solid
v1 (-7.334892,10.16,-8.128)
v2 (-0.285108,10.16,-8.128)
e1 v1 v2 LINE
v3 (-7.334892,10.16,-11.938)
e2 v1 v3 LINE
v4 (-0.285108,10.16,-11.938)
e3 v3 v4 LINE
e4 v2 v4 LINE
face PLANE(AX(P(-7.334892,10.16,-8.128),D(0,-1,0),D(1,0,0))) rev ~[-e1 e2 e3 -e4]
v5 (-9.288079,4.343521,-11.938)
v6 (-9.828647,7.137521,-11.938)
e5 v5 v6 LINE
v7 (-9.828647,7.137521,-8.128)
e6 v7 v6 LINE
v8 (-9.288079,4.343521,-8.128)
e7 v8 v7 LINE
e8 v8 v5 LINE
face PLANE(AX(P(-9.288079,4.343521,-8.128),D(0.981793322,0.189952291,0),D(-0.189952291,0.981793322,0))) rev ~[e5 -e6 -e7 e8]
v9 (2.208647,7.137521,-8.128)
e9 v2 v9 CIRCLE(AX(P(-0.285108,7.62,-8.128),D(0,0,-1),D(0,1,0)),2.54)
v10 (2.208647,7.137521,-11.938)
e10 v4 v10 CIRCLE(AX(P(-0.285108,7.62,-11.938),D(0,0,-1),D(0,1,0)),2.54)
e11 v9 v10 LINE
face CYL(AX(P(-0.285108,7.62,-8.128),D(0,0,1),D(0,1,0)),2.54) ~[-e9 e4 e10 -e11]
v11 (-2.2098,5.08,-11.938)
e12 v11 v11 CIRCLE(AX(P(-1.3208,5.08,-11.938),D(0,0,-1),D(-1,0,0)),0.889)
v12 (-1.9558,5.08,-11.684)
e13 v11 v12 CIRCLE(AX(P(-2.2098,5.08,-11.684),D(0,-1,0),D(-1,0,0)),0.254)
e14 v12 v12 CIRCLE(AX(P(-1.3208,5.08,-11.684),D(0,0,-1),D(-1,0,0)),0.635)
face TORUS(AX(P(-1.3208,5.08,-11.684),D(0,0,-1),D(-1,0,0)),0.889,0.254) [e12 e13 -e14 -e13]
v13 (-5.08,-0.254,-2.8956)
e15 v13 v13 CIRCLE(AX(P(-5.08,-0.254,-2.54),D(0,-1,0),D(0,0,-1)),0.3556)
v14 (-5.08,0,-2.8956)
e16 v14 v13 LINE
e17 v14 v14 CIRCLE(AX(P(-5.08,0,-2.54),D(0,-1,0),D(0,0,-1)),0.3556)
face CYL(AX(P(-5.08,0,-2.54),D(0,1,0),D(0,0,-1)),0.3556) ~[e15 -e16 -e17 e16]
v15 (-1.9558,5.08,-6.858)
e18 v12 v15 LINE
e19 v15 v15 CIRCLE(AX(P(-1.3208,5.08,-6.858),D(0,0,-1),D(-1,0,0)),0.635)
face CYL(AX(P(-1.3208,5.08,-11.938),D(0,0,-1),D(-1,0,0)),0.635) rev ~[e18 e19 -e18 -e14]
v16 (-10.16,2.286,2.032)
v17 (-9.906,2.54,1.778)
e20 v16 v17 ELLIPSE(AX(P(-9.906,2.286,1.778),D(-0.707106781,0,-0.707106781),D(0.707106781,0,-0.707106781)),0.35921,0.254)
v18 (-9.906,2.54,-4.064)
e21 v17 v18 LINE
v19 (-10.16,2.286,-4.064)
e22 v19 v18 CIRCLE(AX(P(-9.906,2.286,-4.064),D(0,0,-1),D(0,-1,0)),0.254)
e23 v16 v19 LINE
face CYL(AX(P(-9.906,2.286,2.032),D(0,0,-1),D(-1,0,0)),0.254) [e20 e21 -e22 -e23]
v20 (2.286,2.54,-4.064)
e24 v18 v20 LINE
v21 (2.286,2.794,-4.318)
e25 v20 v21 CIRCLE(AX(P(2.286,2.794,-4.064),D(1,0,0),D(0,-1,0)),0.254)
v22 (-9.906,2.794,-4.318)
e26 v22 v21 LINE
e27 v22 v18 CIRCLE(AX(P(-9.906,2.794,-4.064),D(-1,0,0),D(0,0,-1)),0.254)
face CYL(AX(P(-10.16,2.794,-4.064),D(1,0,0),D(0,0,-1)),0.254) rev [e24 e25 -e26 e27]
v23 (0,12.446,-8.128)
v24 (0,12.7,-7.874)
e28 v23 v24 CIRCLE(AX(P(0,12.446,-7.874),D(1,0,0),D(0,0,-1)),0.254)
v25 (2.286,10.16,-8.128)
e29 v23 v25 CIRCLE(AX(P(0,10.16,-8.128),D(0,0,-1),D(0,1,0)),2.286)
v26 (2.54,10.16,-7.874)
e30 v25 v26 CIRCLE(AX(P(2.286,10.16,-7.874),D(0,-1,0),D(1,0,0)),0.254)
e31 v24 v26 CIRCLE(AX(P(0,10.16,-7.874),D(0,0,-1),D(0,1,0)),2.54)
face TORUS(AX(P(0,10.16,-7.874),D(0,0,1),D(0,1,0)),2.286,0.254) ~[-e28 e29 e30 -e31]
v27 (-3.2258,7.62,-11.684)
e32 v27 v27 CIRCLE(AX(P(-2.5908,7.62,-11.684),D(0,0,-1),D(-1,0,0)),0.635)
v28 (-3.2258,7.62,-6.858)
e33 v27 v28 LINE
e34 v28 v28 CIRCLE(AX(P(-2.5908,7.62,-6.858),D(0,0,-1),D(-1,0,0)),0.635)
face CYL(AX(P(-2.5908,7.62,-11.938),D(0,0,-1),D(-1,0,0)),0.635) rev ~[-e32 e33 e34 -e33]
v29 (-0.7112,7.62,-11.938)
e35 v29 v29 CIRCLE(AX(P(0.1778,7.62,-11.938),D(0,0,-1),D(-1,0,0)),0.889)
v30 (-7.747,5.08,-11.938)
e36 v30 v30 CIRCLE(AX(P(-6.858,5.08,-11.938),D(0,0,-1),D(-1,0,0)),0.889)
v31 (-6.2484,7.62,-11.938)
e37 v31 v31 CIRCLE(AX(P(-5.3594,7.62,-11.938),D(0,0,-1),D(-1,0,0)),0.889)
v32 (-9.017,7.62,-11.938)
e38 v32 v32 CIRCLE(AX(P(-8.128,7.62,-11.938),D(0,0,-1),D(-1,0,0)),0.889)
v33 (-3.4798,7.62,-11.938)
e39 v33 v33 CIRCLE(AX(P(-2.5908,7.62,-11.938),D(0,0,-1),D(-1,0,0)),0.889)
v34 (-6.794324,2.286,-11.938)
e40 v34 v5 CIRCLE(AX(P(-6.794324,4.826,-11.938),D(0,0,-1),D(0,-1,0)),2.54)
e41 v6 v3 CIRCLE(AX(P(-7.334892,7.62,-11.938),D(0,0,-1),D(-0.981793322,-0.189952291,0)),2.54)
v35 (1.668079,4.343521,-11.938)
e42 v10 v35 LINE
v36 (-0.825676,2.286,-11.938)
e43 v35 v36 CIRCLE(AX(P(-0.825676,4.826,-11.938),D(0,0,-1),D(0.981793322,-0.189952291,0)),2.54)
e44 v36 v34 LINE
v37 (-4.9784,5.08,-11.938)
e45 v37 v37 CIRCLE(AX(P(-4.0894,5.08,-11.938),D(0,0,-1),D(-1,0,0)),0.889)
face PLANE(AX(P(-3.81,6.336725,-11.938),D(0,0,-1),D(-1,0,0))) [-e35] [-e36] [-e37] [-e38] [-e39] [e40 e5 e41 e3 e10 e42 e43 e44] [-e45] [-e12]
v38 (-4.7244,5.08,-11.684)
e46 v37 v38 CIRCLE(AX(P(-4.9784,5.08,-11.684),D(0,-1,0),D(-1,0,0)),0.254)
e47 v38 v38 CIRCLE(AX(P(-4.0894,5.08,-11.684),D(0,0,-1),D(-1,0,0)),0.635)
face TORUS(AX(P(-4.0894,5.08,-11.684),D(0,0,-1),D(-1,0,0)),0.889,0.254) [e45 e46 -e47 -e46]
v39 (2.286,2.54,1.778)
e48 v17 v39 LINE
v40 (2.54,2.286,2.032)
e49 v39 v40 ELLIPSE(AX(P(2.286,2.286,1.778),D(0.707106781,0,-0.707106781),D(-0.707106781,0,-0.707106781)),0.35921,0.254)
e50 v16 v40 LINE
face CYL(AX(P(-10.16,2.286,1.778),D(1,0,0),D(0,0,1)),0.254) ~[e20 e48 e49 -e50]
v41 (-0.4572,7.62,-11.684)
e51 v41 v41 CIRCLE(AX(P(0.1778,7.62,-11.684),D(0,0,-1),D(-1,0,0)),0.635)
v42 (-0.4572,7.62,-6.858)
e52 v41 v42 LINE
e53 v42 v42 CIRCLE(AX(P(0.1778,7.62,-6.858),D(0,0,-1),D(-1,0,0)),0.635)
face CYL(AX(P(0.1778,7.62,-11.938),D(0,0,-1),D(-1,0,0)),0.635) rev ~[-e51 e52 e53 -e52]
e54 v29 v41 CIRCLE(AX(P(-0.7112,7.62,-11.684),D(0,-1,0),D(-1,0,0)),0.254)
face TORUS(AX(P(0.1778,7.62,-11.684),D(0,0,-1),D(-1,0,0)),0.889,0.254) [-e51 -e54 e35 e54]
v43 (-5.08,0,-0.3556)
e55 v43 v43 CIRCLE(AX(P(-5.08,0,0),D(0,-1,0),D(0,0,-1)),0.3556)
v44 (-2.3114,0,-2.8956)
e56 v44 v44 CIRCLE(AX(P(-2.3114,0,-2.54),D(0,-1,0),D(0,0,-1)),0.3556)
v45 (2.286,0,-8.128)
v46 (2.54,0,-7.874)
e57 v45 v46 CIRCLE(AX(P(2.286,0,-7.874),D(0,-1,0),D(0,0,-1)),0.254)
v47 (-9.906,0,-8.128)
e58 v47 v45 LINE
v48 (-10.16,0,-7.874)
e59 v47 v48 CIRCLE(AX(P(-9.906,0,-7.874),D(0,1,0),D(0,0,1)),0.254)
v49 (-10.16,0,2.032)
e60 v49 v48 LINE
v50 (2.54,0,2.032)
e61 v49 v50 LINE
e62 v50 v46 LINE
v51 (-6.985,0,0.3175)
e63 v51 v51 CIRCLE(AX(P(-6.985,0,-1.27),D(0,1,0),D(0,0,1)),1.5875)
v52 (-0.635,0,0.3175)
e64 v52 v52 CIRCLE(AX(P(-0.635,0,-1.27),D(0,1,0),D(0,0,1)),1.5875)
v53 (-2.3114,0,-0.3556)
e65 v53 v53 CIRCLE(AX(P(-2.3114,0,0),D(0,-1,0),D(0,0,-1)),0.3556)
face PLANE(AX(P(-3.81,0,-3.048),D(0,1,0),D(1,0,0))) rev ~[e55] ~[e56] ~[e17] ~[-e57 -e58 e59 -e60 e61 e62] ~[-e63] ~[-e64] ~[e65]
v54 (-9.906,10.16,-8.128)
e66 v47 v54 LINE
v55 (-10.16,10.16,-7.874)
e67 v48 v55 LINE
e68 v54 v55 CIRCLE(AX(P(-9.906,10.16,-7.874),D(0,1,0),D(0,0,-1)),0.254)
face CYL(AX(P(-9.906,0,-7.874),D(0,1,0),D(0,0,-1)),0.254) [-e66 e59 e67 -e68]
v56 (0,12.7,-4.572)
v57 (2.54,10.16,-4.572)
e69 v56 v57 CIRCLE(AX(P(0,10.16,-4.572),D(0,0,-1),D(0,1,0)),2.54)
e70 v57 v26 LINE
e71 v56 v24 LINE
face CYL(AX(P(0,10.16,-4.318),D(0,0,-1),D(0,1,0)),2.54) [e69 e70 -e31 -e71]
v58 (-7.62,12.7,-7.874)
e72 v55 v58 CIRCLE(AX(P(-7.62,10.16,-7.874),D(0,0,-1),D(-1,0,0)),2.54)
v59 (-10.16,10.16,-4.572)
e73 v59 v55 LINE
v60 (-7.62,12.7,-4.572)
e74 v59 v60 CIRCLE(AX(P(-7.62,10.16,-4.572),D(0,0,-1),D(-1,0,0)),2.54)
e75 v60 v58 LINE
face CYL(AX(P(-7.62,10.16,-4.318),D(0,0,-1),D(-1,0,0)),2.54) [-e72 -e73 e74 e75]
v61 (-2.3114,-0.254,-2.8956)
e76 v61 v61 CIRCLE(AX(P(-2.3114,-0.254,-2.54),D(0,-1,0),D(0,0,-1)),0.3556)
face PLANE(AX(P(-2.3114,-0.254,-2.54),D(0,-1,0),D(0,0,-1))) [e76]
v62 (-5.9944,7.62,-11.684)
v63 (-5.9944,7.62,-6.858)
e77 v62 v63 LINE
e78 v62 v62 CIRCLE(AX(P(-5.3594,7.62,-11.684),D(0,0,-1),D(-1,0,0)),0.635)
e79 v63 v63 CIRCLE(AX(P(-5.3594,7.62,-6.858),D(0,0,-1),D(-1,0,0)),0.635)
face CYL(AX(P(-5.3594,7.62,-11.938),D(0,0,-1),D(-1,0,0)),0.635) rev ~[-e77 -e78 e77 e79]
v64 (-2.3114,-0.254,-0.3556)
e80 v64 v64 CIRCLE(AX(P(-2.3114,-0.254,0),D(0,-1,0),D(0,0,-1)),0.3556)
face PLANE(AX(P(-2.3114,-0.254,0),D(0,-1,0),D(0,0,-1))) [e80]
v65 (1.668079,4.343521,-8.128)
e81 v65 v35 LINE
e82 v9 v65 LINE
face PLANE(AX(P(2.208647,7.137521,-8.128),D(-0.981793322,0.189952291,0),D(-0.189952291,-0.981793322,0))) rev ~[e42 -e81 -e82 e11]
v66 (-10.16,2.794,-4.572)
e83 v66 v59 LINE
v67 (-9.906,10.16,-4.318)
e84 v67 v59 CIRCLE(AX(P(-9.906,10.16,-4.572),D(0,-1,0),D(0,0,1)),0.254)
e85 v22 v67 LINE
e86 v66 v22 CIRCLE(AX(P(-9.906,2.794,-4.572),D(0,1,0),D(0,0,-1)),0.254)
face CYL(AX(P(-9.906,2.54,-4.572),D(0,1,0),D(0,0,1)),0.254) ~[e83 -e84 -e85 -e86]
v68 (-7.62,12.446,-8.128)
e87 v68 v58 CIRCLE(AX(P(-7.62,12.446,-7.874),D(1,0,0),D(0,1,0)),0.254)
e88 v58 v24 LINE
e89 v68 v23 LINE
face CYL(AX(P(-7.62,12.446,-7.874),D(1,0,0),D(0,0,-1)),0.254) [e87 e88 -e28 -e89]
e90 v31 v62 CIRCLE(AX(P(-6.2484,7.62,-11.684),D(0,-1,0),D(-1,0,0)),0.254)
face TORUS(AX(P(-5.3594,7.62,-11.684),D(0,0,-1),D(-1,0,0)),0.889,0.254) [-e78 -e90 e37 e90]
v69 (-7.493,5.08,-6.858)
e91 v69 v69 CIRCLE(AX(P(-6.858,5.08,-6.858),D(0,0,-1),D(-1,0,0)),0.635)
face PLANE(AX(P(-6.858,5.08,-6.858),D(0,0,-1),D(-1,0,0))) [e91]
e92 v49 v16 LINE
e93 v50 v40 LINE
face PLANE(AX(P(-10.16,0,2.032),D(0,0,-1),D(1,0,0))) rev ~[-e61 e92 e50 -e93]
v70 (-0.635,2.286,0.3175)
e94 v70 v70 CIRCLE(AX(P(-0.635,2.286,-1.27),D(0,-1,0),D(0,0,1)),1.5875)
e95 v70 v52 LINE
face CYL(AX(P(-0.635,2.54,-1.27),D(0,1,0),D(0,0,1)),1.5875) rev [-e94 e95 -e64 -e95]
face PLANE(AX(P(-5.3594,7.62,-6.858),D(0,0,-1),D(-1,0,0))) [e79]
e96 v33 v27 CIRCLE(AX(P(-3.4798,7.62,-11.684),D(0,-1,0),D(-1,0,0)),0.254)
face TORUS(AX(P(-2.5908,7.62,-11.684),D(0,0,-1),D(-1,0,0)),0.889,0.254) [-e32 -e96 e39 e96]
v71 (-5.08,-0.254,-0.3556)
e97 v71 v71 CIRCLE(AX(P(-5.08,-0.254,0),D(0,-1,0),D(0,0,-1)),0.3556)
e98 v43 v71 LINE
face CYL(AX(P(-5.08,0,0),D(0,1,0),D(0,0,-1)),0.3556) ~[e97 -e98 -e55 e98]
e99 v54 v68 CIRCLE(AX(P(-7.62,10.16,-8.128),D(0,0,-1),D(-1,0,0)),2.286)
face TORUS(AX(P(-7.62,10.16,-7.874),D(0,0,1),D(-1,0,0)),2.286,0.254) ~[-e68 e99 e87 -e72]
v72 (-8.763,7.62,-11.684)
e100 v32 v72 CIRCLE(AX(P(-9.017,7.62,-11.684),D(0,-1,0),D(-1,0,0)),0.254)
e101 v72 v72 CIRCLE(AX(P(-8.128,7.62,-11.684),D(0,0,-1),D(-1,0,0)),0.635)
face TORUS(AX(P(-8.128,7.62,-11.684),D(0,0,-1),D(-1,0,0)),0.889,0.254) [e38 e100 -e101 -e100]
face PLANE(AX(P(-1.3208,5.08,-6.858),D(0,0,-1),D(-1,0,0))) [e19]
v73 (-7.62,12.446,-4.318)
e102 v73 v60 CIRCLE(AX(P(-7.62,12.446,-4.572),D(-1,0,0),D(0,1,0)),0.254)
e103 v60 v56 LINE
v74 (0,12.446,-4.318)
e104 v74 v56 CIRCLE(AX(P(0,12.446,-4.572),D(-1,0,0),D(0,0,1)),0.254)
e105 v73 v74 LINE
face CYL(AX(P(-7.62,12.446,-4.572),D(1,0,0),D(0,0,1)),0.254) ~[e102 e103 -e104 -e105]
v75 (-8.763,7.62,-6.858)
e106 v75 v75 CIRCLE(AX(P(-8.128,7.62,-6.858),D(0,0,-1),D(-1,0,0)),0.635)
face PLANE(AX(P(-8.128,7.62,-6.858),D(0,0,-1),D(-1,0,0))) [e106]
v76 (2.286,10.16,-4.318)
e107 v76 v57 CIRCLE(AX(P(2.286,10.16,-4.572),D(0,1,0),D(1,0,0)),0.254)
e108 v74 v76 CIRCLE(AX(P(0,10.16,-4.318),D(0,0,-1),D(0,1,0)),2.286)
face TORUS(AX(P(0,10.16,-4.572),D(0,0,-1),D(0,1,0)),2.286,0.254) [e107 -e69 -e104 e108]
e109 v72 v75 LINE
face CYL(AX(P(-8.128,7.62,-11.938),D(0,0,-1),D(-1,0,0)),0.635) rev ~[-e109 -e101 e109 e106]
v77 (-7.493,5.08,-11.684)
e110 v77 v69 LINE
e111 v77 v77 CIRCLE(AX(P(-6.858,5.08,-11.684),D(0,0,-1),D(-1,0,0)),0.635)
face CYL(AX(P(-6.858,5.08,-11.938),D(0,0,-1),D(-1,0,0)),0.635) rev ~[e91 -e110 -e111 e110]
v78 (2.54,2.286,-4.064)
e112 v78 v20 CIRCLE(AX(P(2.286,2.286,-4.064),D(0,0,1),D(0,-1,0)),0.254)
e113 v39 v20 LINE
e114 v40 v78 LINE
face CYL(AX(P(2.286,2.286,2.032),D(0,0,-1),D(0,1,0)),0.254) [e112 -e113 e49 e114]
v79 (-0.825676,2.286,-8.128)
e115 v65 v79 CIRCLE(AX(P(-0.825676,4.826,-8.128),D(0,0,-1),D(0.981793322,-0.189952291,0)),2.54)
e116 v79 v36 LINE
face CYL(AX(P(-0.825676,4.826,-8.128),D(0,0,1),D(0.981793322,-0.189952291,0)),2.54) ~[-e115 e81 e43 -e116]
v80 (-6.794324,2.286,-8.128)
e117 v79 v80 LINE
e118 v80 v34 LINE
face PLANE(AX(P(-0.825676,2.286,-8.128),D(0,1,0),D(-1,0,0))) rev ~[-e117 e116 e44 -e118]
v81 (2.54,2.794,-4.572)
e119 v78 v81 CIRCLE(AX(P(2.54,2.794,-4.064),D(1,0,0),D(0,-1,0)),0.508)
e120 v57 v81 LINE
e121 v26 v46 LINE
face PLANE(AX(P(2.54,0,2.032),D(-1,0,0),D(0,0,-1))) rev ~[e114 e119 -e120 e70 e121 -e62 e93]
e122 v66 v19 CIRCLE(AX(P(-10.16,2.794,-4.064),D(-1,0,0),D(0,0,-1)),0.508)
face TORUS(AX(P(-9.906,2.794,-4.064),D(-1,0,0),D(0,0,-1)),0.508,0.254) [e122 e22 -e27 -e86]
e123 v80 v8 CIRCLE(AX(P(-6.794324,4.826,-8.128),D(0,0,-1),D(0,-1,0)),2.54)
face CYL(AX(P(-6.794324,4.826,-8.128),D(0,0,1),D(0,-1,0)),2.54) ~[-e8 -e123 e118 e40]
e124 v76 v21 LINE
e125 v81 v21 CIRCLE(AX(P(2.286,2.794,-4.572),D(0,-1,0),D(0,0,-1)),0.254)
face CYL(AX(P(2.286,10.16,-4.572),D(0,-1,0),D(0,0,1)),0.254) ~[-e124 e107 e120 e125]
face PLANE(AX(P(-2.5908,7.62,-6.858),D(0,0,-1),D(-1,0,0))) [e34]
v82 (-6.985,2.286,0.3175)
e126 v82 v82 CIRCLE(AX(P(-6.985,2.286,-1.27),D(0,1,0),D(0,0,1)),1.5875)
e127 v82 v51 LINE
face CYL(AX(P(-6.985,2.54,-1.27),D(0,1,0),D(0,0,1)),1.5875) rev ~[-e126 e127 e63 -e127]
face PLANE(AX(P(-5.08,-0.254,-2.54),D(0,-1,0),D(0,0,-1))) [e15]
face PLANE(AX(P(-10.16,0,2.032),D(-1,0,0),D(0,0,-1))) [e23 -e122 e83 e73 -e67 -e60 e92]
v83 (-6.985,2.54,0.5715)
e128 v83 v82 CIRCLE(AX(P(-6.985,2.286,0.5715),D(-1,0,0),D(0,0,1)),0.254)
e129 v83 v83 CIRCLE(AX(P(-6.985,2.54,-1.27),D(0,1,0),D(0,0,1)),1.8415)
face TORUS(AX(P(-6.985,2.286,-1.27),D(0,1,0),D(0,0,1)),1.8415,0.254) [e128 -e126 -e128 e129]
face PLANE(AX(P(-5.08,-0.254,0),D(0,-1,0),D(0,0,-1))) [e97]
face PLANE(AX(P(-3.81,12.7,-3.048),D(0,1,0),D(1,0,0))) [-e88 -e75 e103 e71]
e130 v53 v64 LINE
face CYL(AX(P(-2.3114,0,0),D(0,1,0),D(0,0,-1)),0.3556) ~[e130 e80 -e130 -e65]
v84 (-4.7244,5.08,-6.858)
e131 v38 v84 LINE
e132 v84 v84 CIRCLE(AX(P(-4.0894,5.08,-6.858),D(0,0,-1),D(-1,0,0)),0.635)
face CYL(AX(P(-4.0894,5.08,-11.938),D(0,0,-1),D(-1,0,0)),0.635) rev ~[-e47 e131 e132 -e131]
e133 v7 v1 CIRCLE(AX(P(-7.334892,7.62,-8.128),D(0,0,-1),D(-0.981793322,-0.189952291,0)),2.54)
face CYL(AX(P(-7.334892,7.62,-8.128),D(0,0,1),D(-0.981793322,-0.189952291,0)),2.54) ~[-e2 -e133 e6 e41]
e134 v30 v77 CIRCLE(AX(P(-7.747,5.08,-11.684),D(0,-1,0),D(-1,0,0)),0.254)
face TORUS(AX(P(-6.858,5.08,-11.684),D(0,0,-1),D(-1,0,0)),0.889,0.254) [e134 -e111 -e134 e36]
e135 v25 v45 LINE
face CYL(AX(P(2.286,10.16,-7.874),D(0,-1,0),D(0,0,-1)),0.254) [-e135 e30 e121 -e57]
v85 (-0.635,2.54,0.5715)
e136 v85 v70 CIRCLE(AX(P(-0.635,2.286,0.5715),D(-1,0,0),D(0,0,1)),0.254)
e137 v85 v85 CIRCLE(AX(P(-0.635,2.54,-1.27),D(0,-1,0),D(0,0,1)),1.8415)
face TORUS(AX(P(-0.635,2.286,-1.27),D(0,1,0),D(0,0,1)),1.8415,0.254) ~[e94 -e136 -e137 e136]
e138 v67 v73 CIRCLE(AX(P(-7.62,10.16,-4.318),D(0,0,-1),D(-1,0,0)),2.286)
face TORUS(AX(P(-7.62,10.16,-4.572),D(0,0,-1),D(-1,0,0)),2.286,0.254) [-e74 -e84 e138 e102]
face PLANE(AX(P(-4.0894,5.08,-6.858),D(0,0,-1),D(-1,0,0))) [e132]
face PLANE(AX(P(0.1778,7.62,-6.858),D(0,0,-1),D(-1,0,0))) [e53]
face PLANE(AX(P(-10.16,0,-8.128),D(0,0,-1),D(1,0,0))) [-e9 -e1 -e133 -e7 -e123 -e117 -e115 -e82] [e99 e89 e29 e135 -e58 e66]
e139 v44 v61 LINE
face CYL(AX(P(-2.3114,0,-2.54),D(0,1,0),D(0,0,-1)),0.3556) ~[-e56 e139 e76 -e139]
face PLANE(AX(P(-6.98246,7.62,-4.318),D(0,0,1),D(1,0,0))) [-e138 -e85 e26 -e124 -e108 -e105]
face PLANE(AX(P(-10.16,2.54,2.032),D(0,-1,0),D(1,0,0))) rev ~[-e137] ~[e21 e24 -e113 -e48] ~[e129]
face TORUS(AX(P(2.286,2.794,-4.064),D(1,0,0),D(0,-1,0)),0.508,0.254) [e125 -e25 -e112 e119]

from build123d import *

# Parameters (mm, degrees)
SKETCH1_W           = 12.7
SKETCH1_H           = 10.16
BASE_EXTRUDE_DEPTH  = 12.7
BOSS_EXTRUDE1_DEPTH = 3.81
SKETCH4_R           = 0.635
CUT_EXTRUDE1_DEPTH  = 5.08
SKETCH5_R           = 0.635
CUT_EXTRUDE2_DEPTH  = 5.08
SKETCH6_R           = 0.3556
BOSS_EXTRUDE2_DEPTH = 0.254
LPATTERN1_COUNT     = 2
LPATTERN1_PITCH     = 2.7686
LPATTERN2_COUNT     = 4
LPATTERN2_PITCH     = 2.7686
LPATTERN3_COUNT     = 3
LPATTERN3_PITCH     = 2.7686
SKETCH7_R           = 0.3556
BOSS_EXTRUDE3_DEPTH = 0.254
LPATTERN4_COUNT     = 2
LPATTERN4_PITCH     = 2.7686
SKETCH9_W           = 6.35508
SKETCH9_H           = 10.16
CUT_EXTRUDE3_DEPTH  = 6.35
SKETCH11_R          = 1.5875
CUT_EXTRUDE4_DEPTH  = 19.680659624
FILLET1_R           = 2.54
FILLET2_R           = 0.254
FILETE1_R           = 0.254


with BuildPart() as part:
    # Sketch1 → Base-Extrude (new body)
    with BuildSketch(Plane(origin=(0, 0, 0), x_dir=(1, 0, 0), z_dir=(0, 1, 0))):
        with Locations((-3.81, 3.048)):
            Rectangle(SKETCH1_W, SKETCH1_H)
    extrude(amount=BASE_EXTRUDE_DEPTH)

    # Sketch2 → Boss-Extrude1 (add)
    with BuildSketch(Plane(origin=(0, 0, -8.128), x_dir=(-1, 0, 0), z_dir=(0, 0, -1))):
        with BuildLine():
            Line((0.825676487, 2.286), (6.794323513, 2.286))
            ThreePointArc((6.794323513, 2.286), (8.410817218, 2.8667787), (9.288078551, 4.34352118))
            Line((9.288078551, 4.34352118), (9.828647213, 7.13752118))
            ThreePointArc((9.828647213, 7.13752118), (9.294113475, 9.236493705), (7.334892175, 10.16))
            Line((7.334892175, 10.16), (0.285107825, 10.16))
            ThreePointArc((0.285107825, 10.16), (-1.674113475, 9.236493705), (-2.208647213, 7.13752118))
            Line((-2.208647213, 7.13752118), (-1.668078551, 4.34352118))
            ThreePointArc((-1.668078551, 4.34352118), (-0.790817218, 2.8667787), (0.825676487, 2.286))
        make_face()
    extrude(amount=BOSS_EXTRUDE1_DEPTH)

    # Sketch4 → Cut-Extrude1 (cut)
    with BuildSketch(Plane(origin=(0, 0, -11.938), x_dir=(-1, 0, 0), z_dir=(0, 0, -1))):
        with Locations((8.128, 7.62)):
            Circle(SKETCH4_R)
    cut_extrude1 = extrude(amount=-CUT_EXTRUDE1_DEPTH, mode=Mode.SUBTRACT)

    # Sketch5 → Cut-Extrude2 (cut)
    with BuildSketch(Plane(origin=(0, 0, -11.938), x_dir=(-1, 0, 0), z_dir=(0, 0, -1))):
        with Locations((6.858, 5.08)):
            Circle(SKETCH5_R)
    cut_extrude2 = extrude(amount=-CUT_EXTRUDE2_DEPTH, mode=Mode.SUBTRACT)

    # Sketch6 → Boss-Extrude2 (add)
    with BuildSketch(Plane.XZ):
        with Locations(Location((-5.08, 0, 0), (0, 0, 270))):
            Circle(SKETCH6_R)
    boss_extrude2 = extrude(amount=BOSS_EXTRUDE2_DEPTH)

    # LPattern1: Boss-Extrude2 ×2
    with Locations(*[(i * LPATTERN1_PITCH, 0, 0) for i in range(1, LPATTERN1_COUNT)]):
        add(boss_extrude2)

    # LPattern2: Cut-Extrude1 ×4
    with Locations(*[(i * LPATTERN2_PITCH, 0, 0) for i in range(1, LPATTERN2_COUNT)]):
        add(cut_extrude1, mode=Mode.SUBTRACT)

    # LPattern3: Cut-Extrude2 ×3
    with Locations(*[(i * LPATTERN3_PITCH, 0, 0) for i in range(1, LPATTERN3_COUNT)]):
        add(cut_extrude2, mode=Mode.SUBTRACT)

    # Sketch7 → Boss-Extrude3 (add)
    with BuildSketch(Plane.XZ):
        with Locations(Location((-5.08, -2.54, 0), (0, 0, 270))):
            Circle(SKETCH7_R)
    boss_extrude3 = extrude(amount=BOSS_EXTRUDE3_DEPTH)

    # LPattern4: Boss-Extrude3 ×2
    with Locations(*[(i * LPATTERN4_PITCH, 0, 0) for i in range(1, LPATTERN4_COUNT)]):
        add(boss_extrude3)

    # Sketch9 → Cut-Extrude3 (cut)
    with BuildSketch(Plane.XY.offset(2.032)):
        with Locations((-6.98246, 7.62)):
            Rectangle(SKETCH9_W, SKETCH9_H)
    cut_extrude3 = extrude(amount=-CUT_EXTRUDE3_DEPTH, mode=Mode.SUBTRACT)

    # Sketch11 → Cut-Extrude4 (cut, through all)
    with BuildSketch(Plane(origin=(0, 2.54, 0), x_dir=(-1, 0, 0), z_dir=(0, 1, 0))):
        with Locations(Location((6.985, -1.27, 0), (0, 0, 90))):
            Circle(SKETCH11_R)
    cut_extrude4 = extrude(amount=-CUT_EXTRUDE4_DEPTH, mode=Mode.SUBTRACT)

    # Mirror1: Cut-Extrude3, Cut-Extrude4 across plane
    add(cut_extrude3.mirror(Plane(origin=(-3.81, 0, 0), x_dir=(0, 0, 1), z_dir=(1, 0, 0))), mode=Mode.SUBTRACT)
    add(cut_extrude4.mirror(Plane(origin=(-3.81, 0, 0), x_dir=(0, 0, 1), z_dir=(1, 0, 0))), mode=Mode.SUBTRACT)

    # Fillet1
    fillet1_edges = [part.edges().sort_by_distance(p)[0] for p in [
        (-10.16, 12.7, -6.223),
        (2.54, 12.7, -6.223),
    ]]
    fillet(fillet1_edges, radius=FILLET1_R)

    # Fillet2
    fillet2_edges = [part.edges().sort_by_distance(p)[0] for p in [
        (2.54, 2.54, -1.143),
        (-0.635, 2.54, -2.8575),
        (-3.81, 12.7, -4.318),
        (-3.81, 12.7, -8.128),
        (-10.16, 6.35, -4.318),
        (2.54, 6.35, -4.318),
        (1.796051224, 11.956051224, -4.318),
        (-9.416051224, 11.956051224, -4.318),
        (-10.16, 5.08, -8.128),
        (2.54, 5.08, -8.128),
        (1.796051224, 11.956051224, -8.128),
        (-9.416051224, 11.956051224, -8.128),
        (-10.16, 2.54, -1.143),
        (-3.81, 2.54, -4.318),
        (-3.81, 2.54, 2.032),
        (-6.985, 2.54, -2.8575),
    ]]
    fillet(fillet2_edges, radius=FILLET2_R)

    # Filete1
    filete1_edges = [part.edges().sort_by_distance(p)[0] for p in [
        (-7.493, 7.62, -11.938),
        (-6.223, 5.08, -11.938),
        (-4.7244, 7.62, -11.938),
        (-1.9558, 7.62, -11.938),
        (0.8128, 7.62, -11.938),
        (-3.4544, 5.08, -11.938),
        (-0.6858, 5.08, -11.938),
    ]]
    fillet(filete1_edges, radius=FILETE1_R)


solid = part.part
